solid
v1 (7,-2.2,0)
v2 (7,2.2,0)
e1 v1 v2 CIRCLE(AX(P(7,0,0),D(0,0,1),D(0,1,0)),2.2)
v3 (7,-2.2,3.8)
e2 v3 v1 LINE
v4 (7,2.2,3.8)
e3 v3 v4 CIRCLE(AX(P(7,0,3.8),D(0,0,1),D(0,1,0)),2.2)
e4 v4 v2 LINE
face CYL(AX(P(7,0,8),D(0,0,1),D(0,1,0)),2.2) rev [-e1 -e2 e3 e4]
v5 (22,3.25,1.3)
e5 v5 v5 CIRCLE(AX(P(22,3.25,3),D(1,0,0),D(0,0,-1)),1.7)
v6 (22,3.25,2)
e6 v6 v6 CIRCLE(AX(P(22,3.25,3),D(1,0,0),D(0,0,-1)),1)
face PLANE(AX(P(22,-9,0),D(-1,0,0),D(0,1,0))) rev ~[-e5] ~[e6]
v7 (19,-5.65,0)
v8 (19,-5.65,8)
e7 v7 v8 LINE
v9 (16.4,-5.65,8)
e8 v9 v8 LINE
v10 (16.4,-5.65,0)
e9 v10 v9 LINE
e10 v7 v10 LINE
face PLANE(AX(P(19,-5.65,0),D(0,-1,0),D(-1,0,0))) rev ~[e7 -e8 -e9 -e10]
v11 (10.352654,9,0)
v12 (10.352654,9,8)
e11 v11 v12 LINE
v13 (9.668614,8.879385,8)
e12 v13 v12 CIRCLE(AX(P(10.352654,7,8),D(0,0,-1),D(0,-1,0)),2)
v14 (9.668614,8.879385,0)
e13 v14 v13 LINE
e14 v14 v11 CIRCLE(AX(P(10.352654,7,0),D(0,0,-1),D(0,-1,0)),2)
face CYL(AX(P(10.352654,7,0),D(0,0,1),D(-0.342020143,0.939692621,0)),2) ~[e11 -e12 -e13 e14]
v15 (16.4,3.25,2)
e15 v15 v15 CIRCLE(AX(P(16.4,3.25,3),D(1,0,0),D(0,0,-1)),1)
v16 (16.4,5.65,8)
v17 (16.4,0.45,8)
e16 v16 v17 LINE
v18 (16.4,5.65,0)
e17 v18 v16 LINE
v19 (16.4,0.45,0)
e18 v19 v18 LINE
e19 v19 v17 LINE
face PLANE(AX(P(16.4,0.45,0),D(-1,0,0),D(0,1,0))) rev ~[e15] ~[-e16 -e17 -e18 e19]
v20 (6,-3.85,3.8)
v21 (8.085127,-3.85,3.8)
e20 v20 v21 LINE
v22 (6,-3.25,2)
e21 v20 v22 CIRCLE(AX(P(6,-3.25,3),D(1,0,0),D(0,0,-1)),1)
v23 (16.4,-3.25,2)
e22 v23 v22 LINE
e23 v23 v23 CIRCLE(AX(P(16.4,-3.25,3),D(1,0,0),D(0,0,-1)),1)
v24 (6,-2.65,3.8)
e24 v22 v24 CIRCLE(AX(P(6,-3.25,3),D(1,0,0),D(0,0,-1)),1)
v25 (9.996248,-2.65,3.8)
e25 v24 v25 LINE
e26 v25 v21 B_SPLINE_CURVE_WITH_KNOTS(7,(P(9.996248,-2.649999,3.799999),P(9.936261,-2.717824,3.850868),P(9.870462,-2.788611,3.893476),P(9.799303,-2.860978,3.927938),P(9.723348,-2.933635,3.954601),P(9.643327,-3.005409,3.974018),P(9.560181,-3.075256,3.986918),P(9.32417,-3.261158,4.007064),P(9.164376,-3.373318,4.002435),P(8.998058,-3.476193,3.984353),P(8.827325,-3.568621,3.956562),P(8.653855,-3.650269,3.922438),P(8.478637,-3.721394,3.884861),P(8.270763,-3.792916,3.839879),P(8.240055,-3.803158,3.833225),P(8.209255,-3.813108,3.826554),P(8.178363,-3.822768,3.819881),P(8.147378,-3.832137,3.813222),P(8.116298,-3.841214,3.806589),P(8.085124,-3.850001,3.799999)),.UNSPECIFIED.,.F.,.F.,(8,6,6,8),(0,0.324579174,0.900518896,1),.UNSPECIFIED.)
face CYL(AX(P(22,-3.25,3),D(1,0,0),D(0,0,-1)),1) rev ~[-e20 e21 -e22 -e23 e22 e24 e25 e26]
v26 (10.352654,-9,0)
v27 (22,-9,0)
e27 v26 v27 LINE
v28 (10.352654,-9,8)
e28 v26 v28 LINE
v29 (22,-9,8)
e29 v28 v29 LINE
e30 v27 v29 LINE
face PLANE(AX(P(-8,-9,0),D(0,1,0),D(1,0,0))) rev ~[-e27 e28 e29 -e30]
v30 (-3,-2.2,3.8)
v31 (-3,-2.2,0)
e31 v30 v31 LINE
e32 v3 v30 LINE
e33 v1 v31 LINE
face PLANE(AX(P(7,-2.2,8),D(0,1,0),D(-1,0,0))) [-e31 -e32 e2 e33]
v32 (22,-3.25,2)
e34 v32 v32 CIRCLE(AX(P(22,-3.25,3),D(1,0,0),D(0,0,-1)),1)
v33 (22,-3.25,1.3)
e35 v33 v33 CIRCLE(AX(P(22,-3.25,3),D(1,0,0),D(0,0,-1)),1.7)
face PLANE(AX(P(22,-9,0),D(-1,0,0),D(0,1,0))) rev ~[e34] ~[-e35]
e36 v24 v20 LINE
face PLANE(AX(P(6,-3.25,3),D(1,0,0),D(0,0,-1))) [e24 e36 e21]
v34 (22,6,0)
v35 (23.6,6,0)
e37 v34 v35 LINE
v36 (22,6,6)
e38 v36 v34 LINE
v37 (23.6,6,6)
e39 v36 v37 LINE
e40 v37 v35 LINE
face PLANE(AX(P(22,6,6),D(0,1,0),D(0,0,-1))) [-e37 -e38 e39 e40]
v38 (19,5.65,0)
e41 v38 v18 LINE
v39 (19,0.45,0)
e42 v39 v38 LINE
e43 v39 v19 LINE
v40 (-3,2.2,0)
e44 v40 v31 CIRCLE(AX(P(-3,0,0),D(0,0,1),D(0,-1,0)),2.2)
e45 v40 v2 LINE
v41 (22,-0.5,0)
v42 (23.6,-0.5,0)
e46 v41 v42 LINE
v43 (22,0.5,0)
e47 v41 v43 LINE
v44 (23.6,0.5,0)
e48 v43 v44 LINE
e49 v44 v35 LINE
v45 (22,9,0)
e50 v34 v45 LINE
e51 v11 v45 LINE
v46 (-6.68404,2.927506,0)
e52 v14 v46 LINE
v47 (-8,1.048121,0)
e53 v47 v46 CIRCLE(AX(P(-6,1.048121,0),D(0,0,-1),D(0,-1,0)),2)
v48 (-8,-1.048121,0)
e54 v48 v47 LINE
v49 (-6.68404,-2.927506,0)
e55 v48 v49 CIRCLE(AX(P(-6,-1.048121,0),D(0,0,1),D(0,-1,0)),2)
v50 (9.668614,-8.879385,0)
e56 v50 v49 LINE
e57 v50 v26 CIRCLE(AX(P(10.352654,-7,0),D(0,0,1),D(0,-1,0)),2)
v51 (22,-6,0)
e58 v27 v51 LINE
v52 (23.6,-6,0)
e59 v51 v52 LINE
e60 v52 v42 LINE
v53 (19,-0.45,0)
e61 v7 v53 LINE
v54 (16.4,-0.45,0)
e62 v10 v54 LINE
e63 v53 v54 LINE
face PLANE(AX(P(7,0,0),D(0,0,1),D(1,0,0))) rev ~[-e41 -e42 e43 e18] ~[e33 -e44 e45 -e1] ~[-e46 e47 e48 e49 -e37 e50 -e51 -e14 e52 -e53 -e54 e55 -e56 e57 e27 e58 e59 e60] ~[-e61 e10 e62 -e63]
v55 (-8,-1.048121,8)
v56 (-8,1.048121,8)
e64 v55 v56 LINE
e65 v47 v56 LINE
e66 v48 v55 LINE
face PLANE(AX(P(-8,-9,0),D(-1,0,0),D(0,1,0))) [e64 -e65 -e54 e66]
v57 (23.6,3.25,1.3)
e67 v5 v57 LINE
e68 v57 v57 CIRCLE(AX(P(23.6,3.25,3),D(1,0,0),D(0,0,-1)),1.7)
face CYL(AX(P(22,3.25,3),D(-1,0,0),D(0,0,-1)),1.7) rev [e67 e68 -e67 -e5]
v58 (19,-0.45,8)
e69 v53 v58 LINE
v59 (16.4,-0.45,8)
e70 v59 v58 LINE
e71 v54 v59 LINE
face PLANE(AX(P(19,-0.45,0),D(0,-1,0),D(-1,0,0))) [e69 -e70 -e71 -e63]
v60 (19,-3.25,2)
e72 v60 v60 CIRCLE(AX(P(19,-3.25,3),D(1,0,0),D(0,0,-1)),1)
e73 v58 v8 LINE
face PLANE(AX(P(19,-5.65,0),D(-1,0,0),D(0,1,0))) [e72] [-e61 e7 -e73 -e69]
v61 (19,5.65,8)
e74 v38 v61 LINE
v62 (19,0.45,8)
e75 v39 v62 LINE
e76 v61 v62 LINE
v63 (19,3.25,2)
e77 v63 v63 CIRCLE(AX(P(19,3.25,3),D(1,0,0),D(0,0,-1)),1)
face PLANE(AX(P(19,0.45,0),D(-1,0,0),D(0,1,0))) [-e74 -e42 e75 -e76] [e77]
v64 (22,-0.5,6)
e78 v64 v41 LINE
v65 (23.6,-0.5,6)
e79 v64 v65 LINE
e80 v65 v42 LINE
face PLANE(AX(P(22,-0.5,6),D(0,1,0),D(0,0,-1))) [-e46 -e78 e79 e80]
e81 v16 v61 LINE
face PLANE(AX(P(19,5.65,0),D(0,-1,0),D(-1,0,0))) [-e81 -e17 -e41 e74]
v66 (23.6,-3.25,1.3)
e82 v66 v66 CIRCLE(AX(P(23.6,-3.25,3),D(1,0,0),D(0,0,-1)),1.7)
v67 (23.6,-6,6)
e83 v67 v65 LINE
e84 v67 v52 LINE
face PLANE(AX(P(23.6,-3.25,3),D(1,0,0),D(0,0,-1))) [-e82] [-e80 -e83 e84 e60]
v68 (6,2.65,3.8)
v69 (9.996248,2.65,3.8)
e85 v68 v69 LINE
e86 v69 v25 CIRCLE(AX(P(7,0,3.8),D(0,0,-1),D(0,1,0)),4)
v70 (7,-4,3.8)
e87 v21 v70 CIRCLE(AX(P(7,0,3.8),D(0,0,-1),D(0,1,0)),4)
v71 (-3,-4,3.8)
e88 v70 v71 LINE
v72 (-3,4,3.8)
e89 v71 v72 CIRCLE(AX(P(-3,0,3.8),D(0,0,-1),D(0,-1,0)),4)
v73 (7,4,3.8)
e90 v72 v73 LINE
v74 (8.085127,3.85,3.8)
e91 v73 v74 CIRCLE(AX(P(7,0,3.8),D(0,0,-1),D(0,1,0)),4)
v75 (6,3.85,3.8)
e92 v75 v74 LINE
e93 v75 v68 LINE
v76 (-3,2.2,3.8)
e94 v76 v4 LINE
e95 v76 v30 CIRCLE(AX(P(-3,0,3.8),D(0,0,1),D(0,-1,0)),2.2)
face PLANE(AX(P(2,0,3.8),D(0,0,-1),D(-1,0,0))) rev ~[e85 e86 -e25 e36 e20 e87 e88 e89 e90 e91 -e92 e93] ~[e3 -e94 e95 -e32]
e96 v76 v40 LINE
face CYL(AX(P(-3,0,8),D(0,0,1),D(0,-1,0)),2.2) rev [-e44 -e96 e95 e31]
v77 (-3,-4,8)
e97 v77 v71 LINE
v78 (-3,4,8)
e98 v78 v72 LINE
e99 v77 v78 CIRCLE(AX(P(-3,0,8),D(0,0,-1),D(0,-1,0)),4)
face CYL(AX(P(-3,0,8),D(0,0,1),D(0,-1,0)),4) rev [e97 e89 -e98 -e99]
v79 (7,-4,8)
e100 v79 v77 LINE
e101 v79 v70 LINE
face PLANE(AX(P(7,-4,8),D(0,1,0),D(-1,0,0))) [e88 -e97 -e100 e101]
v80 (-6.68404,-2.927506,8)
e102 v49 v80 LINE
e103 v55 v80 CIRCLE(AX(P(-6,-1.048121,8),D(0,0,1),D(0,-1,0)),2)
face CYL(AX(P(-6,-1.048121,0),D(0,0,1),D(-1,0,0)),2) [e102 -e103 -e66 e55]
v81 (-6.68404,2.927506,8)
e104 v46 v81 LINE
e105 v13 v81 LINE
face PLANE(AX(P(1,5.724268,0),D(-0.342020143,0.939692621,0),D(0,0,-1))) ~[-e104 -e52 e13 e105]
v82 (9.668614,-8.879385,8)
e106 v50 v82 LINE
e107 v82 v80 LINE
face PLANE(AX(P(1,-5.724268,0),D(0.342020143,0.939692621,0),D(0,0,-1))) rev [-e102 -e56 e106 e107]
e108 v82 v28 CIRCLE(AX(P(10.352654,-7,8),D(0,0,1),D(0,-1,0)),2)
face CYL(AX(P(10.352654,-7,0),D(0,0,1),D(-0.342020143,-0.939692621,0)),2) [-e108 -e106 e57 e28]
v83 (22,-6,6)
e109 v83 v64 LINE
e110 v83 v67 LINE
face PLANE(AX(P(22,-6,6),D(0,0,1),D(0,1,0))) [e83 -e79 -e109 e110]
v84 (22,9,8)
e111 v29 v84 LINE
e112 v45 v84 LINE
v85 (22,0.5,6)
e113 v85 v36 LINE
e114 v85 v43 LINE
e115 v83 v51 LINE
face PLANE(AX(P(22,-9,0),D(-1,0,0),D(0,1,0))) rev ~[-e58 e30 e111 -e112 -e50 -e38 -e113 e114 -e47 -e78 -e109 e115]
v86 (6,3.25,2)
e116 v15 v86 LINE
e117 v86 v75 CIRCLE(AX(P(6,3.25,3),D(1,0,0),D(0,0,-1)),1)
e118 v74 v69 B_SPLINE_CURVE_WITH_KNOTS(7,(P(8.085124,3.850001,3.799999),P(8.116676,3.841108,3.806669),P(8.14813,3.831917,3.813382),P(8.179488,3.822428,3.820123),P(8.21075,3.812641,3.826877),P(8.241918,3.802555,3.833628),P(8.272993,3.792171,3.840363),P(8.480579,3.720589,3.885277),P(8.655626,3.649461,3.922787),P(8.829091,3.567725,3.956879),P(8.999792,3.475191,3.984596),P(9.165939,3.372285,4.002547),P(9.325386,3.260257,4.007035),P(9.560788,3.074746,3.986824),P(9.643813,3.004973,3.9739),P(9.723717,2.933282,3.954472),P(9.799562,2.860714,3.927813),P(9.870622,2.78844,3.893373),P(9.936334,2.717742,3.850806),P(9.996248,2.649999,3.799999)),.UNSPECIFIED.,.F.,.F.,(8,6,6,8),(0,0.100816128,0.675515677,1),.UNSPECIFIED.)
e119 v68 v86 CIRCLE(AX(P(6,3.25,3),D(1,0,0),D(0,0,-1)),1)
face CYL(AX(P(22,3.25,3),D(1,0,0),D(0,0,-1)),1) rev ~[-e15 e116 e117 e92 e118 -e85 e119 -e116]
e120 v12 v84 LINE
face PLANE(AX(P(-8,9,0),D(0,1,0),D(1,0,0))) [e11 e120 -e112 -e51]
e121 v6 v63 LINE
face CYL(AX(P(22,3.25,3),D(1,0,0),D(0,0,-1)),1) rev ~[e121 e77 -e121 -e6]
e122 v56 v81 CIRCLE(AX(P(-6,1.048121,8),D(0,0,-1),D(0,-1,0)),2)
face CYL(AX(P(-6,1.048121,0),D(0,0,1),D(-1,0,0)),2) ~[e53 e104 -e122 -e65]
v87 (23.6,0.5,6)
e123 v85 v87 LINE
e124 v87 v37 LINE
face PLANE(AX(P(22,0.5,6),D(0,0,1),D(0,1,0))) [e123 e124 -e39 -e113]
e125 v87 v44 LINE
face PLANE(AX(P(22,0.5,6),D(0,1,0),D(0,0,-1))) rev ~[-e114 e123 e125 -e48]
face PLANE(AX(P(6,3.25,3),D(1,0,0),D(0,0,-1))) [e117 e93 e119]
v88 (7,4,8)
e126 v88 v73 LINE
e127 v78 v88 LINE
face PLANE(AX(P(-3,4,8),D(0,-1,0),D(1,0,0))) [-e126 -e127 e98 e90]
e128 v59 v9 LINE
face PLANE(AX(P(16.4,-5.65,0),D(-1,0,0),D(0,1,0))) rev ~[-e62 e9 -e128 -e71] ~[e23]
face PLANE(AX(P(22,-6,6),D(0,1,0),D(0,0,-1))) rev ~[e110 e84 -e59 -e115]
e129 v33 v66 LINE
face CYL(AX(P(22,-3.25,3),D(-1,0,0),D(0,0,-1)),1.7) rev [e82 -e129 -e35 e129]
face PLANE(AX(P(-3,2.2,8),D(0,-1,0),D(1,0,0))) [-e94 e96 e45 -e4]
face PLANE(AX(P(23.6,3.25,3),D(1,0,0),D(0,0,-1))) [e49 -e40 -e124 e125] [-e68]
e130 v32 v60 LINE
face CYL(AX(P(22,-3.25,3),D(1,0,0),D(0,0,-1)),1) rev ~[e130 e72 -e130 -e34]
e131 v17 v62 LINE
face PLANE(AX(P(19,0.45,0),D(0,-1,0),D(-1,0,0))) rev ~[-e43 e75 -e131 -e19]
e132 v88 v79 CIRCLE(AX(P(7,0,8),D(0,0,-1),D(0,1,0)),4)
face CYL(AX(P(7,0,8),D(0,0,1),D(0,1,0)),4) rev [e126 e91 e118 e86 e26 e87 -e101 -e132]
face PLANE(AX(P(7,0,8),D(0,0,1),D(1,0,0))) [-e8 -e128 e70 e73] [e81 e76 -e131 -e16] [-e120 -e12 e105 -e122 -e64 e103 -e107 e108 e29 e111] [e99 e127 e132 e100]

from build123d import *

# Parameters (mm, degrees)
ESQUISSE1_W             = 30
ESQUISSE1_H             = 18
BOSS_EXTRU_1_DEPTH      = 8
ENL_V_MAT_EXTRU_1_DEPTH = 9
ENL_V_MAT_EXTRU_2_DEPTH = 4.2
CHANFREIN1_SIZE         = 18
CHANFREIN1_SIZE2        = 6.551464217
CHANFREIN1_PART_2_SIZE  = 18
CHANFREIN1_PART_2_SIZE2 = 6.551464217
CONG_1_R                = 2
ESQUISSE4_W             = 2.6
ESQUISSE4_H             = 5.2
ENL_V_MAT_EXTRU_3_DEPTH = 9
ESQUISSE5_R             = 1
ENL_V_MAT_EXTRU_4_DEPTH = 16
ESQUISSE6_W             = 6
ESQUISSE6_H             = 5.5
ESQUISSE6_R             = 1.7
BOSS_EXTRU_2_DEPTH      = 1.6


with BuildPart() as part:
    # Esquisse1 → Boss.-Extru.1 (new body)
    with BuildSketch(Plane.XY):
        with Locations((7, 0)):
            Rectangle(ESQUISSE1_W, ESQUISSE1_H)
    extrude(amount=BOSS_EXTRU_1_DEPTH)

    # Esquisse2 → Enlèv. mat.-Extru.1 (cut, through all)
    with BuildSketch(Plane.XY.offset(8)):
        with BuildLine():
            Line((-3, 2.2), (7, 2.2))
            ThreePointArc((7, 2.2), (9.2, 0), (7, -2.2))
            Line((7, -2.2), (-3, -2.2))
            ThreePointArc((-3, -2.2), (-5.2, 0), (-3, 2.2))
        make_face()
    extrude(amount=-ENL_V_MAT_EXTRU_1_DEPTH, mode=Mode.SUBTRACT)

    # Esquisse3 → Enlèv. mat.-Extru.2 (cut)
    with BuildSketch(Plane.XY.offset(8)):
        with BuildLine():
            Line((-3, 4), (7, 4))
            ThreePointArc((7, 4), (11, 0), (7, -4))
            Line((7, -4), (-3, -4))
            ThreePointArc((-3, -4), (-7, 0), (-3, 4))
        make_face()
    extrude(amount=-ENL_V_MAT_EXTRU_2_DEPTH, mode=Mode.SUBTRACT)

    # Chanfrein1
    chanfrein1_edges = [part.edges().sort_by_distance(p)[0] for p in [
        (-8, 9, 4),
    ]]
    chanfrein1_side = [part.faces().sort_by_distance(p)[0] for p in [
        (7, 9, 4),
    ]]
    chamfer(chanfrein1_edges, length=CHANFREIN1_SIZE, length2=CHANFREIN1_SIZE2, reference=chanfrein1_side[0])

    # Chanfrein1 part 2
    chanfrein1_part_2_edges = [part.edges().sort_by_distance(p)[0] for p in [
        (-8, -9, 4),
    ]]
    chanfrein1_part_2_side = [part.faces().sort_by_distance(p)[0] for p in [
        (7, -9, 4),
    ]]
    chamfer(chanfrein1_part_2_edges, length=CHANFREIN1_PART_2_SIZE, length2=CHANFREIN1_PART_2_SIZE2, reference=chanfrein1_part_2_side[0])

    # Congé1
    cong_1_edges = [part.edges().sort_by_distance(p)[0] for p in [
        (10, -9, 4),
        (-8, 2.448535783, 4),
        (-8, -2.448535783, 4),
        (10, 9, 4),
    ]]
    fillet(cong_1_edges, radius=CONG_1_R)

    # Esquisse4 → Enlèv. mat.-Extru.3 (cut, through all)
    with BuildSketch(Plane(origin=(0, 0, 0), x_dir=(-1, 0, 0), z_dir=(0, 0, -1))):
        with Locations((-17.7, -3.05)):
            Rectangle(ESQUISSE4_W, ESQUISSE4_H)
        with Locations((-17.7, 3.05)):
            Rectangle(ESQUISSE4_W, ESQUISSE4_H)
    extrude(amount=-ENL_V_MAT_EXTRU_3_DEPTH, mode=Mode.SUBTRACT)

    # Esquisse5 → Enlèv. mat.-Extru.4 (cut)
    with BuildSketch(Plane(origin=(22, 0, 0), x_dir=(0, 0, -1), z_dir=(1, 0, 0))):
        with Locations((-3, 3.25)):
            Circle(ESQUISSE5_R)
        with Locations((-3, -3.25)):
            Circle(ESQUISSE5_R)
    extrude(amount=-ENL_V_MAT_EXTRU_4_DEPTH, mode=Mode.SUBTRACT)

    # Esquisse6 → Boss.-Extru.2 (add)
    with BuildSketch(Plane(origin=(22, 0, 0), x_dir=(0, 0, -1), z_dir=(1, 0, 0))):
        with Locations((-3, -3.25)):
            Rectangle(ESQUISSE6_W, ESQUISSE6_H)
        with Locations((-3, -3.25)):
            Circle(ESQUISSE6_R, mode=Mode.SUBTRACT)
        with Locations((-3, 3.25)):
            Rectangle(ESQUISSE6_W, ESQUISSE6_H)
        with Locations((-3, 3.25)):
            Circle(ESQUISSE6_R, mode=Mode.SUBTRACT)
    extrude(amount=BOSS_EXTRU_2_DEPTH)


solid = part.part
